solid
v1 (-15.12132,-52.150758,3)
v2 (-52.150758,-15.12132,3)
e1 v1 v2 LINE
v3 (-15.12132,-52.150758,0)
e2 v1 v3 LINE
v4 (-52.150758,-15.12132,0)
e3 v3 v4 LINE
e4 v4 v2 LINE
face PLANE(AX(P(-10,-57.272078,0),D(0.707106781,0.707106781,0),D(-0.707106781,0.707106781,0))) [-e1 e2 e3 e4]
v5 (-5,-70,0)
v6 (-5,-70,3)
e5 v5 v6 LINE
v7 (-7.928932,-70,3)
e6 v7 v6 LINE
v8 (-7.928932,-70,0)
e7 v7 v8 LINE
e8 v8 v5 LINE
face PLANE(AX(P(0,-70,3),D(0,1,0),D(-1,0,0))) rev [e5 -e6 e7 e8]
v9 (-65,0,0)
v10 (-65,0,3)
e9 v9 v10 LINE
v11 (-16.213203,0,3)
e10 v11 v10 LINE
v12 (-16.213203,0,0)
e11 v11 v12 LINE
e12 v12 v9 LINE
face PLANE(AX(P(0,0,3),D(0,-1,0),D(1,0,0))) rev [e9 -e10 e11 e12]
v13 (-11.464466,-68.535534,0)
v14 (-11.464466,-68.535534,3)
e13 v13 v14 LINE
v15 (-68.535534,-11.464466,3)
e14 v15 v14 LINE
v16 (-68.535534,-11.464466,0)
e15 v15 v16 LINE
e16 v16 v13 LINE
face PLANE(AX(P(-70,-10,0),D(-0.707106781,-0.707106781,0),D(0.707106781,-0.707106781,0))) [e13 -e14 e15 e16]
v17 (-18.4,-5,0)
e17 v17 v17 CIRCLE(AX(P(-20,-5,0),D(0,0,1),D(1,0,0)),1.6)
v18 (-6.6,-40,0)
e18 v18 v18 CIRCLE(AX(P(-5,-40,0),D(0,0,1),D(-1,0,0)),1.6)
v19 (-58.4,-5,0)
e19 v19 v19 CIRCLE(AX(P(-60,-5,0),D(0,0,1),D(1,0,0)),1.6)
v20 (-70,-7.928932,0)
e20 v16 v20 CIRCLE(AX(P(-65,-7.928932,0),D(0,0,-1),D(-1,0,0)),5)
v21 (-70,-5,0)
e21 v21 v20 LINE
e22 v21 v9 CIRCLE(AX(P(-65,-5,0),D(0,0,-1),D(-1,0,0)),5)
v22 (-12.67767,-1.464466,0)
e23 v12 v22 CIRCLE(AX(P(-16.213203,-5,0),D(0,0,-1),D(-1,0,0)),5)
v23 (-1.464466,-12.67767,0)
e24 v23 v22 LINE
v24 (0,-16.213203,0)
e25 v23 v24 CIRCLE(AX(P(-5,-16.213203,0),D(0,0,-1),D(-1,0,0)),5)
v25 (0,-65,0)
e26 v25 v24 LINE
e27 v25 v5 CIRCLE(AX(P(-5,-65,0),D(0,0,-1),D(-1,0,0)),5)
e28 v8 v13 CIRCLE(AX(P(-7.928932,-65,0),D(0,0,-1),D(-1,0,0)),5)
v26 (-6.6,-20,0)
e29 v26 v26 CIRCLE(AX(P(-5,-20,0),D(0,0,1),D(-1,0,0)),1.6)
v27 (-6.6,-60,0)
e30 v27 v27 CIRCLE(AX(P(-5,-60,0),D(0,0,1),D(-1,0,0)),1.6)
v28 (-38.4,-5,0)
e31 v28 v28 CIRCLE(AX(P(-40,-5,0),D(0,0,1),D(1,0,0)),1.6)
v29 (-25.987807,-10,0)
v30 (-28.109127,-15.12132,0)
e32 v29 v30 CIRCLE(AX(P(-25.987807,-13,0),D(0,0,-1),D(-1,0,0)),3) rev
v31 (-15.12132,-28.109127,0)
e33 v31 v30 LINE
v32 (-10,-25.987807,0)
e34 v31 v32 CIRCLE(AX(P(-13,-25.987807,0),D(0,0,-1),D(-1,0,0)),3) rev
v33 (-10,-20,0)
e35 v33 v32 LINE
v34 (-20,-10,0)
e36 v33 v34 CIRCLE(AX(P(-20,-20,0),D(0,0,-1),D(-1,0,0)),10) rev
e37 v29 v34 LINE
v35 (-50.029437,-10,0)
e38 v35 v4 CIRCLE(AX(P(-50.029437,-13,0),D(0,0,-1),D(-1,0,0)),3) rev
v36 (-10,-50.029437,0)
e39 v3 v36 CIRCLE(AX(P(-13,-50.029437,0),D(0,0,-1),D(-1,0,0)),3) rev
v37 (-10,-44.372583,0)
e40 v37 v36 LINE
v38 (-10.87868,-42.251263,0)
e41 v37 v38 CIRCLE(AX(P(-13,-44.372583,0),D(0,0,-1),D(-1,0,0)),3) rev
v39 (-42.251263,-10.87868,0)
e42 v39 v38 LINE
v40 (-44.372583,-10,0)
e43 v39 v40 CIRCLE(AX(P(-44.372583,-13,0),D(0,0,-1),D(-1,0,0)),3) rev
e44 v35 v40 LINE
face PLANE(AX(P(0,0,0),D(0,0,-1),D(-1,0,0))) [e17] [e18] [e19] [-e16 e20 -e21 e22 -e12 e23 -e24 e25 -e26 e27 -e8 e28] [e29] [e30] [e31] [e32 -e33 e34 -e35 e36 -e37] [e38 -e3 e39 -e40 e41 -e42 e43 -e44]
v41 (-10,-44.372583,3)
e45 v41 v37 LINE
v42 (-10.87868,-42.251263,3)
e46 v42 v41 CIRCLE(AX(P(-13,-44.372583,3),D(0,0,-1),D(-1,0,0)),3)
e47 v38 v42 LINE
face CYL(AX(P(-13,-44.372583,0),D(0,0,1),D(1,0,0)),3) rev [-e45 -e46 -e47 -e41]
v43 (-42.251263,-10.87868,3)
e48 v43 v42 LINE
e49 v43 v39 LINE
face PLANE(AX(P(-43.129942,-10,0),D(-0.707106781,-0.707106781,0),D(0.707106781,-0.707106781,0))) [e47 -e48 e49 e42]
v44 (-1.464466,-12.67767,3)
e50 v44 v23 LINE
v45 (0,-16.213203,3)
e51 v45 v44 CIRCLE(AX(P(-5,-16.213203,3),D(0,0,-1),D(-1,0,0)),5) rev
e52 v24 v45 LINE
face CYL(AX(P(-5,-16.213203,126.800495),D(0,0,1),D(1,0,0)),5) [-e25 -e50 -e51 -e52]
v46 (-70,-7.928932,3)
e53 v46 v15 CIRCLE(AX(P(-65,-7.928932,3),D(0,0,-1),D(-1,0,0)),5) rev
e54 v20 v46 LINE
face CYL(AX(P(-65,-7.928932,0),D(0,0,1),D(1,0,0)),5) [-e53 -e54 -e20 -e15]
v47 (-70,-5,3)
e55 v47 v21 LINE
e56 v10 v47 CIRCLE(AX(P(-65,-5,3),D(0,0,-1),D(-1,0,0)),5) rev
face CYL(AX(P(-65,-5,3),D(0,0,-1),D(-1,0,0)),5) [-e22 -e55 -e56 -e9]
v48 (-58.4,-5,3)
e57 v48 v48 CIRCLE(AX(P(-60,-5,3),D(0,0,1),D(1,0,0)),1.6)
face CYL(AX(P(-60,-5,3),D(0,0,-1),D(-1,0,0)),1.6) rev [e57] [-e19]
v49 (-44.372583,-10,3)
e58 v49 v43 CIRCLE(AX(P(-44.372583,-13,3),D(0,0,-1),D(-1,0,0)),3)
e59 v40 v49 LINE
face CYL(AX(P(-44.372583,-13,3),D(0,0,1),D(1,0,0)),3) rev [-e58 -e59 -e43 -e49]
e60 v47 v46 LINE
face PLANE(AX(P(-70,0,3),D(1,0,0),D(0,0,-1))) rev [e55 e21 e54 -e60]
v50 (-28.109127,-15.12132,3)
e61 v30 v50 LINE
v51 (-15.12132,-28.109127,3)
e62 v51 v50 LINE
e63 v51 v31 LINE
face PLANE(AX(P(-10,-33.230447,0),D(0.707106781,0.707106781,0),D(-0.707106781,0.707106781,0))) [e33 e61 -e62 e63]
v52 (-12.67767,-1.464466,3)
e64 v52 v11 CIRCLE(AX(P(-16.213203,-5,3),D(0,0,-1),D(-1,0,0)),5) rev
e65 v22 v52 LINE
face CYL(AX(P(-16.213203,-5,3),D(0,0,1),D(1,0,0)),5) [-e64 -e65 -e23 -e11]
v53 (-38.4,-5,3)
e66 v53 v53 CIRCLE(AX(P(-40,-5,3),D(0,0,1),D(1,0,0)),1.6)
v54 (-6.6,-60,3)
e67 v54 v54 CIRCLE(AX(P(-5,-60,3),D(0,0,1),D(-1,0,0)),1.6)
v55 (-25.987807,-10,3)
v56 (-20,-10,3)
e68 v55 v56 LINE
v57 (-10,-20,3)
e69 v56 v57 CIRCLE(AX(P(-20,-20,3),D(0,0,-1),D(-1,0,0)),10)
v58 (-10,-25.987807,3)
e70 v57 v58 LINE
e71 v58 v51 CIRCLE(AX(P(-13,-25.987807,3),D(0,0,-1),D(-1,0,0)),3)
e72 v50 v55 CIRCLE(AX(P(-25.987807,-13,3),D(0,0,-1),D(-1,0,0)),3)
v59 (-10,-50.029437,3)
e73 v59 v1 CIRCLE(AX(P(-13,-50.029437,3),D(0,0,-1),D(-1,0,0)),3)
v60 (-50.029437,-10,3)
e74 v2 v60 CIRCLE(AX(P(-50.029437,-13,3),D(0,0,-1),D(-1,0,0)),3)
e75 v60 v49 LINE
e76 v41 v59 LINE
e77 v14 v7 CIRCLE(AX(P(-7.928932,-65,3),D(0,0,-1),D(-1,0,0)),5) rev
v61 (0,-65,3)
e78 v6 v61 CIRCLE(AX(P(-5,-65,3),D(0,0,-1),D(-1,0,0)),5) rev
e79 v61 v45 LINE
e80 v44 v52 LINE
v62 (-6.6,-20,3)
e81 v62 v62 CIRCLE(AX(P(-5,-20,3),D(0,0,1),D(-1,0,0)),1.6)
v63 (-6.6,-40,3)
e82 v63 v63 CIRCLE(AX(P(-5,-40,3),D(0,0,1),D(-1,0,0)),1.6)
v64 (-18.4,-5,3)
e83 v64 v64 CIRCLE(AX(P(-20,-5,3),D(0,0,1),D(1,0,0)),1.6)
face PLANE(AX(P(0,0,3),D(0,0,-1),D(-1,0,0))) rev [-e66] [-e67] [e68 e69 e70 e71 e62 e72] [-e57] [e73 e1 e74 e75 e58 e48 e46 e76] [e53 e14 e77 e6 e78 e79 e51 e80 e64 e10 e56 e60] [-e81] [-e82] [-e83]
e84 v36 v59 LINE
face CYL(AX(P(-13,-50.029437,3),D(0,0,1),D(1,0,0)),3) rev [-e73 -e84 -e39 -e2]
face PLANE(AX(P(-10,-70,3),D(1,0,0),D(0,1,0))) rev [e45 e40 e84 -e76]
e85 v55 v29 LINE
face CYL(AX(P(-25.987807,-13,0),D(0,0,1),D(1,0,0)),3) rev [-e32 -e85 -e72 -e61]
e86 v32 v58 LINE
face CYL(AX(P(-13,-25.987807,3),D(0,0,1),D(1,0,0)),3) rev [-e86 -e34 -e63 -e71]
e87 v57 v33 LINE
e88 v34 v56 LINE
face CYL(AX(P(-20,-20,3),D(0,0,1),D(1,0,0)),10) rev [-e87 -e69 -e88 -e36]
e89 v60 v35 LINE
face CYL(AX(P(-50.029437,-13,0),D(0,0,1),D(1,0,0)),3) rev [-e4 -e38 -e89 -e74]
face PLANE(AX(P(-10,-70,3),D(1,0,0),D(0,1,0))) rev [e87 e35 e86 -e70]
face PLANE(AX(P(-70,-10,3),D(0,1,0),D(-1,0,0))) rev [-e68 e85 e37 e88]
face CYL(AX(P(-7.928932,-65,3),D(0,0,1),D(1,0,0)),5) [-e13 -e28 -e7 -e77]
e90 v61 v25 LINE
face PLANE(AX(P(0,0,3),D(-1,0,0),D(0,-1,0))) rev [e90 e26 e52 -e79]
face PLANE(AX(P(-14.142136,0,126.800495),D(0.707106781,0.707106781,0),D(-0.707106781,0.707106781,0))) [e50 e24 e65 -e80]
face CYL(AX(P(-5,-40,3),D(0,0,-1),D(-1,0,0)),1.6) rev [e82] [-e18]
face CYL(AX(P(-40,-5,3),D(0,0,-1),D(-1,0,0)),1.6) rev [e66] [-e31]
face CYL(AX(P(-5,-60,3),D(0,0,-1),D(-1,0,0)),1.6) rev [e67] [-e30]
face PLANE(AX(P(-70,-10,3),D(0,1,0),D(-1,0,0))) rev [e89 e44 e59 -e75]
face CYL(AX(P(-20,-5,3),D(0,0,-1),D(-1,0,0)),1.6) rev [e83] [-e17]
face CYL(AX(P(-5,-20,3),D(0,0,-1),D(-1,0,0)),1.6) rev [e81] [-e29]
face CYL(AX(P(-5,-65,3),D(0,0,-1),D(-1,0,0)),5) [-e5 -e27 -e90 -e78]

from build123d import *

# Parameters (mm, degrees)
SKETCH_1_R               = 1.6
EXTRUDE_1_DEPTH          = 3
EXTRUDE_2_DEPTH          = 3
CUT_EXTRUDE_1_DEPTH      = 100.040395799
CUT_EXTRUDE_1_DEPTH_BACK = 3
FILLET_1_R               = 5
EXTRUDE_3_DEPTH          = 3
FILLET_2_R               = 3
FILLET_3_R               = 10


with BuildPart() as part:
    # 草图1 → 凸台-拉伸1 (new body)
    with BuildSketch(Plane.XY):
        Polygon((0, 0), (-70, 0), (-70, -10), (-10, -10), (-10, -70), (0, -70), align=None)
        with Locations((-20, -5)):
            Circle(SKETCH_1_R, mode=Mode.SUBTRACT)
        with Locations(Location((-5, -20, 0), (0, 0, 180))):
            Circle(SKETCH_1_R, mode=Mode.SUBTRACT)
        with Locations((-40, -5)):
            Circle(SKETCH_1_R, mode=Mode.SUBTRACT)
        with Locations((-60, -5)):
            Circle(SKETCH_1_R, mode=Mode.SUBTRACT)
        with Locations(Location((-5, -60, 0), (0, 0, 180))):
            Circle(SKETCH_1_R, mode=Mode.SUBTRACT)
        with Locations(Location((-5, -40, 0), (0, 0, 180))):
            Circle(SKETCH_1_R, mode=Mode.SUBTRACT)
    extrude(amount=EXTRUDE_1_DEPTH)

    # 草图2 → 凸台-拉伸2 (add)
    with BuildSketch(Plane.XY.offset(3)):
        Polygon((-70, -10), (-10, -70), (-10, -57.272077939), (-57.272077939, -10), align=None)
    extrude(amount=-EXTRUDE_2_DEPTH)

    # 草图3 → 切除-拉伸1 (cut, two sides: drawn at the far end of the back side and taken through both)
    with BuildSketch(Plane.XY.offset(3).offset(-CUT_EXTRUDE_1_DEPTH_BACK)):
        Polygon((-147.863122604, 133.72098698), (-14.142135624, 0), (0, -14.142135624), (133.72098698, -147.863122604), (401.162960941, 119.578851357), (119.578851357, 401.162960941), align=None)
    extrude(amount=CUT_EXTRUDE_1_DEPTH + CUT_EXTRUDE_1_DEPTH_BACK, mode=Mode.SUBTRACT)

    # 圆角1
    fillet_1_edges = [part.edges().sort_by_distance(p)[0] for p in [
        (0, -70, 1.5),
        (-10, -70, 1.5),
        (-70, -10, 1.5),
        (-70, 0, 1.5),
        (-14.142135624, 0, 1.5),
        (0, -14.142135624, 1.5),
    ]]
    fillet(fillet_1_edges, radius=FILLET_1_R)

    # 草图4 → 凸台-拉伸3 (add, through all)
    with BuildSketch(Plane.XY.offset(3)):
        Polygon((-43.129942315, -10), (-10, -43.129942315), (-10, -33.230447378), (-33.230447378, -10), align=None)
    extrude(amount=-EXTRUDE_3_DEPTH)

    # 圆角2
    fillet_2_edges = [part.edges().sort_by_distance(p)[0] for p in [
        (-43.129942315, -10, 1.5),
        (-33.230447378, -10, 1.5),
        (-10, -33.230447378, 1.5),
        (-10, -43.129942315, 1.5),
        (-57.272077939, -10, 1.5),
        (-10, -57.272077939, 1.5),
    ]]
    fillet(fillet_2_edges, radius=FILLET_2_R)

    # 圆角3
    fillet_3_edges = [part.edges().sort_by_distance(p)[0] for p in [
        (-10, -10, 1.5),
    ]]
    fillet(fillet_3_edges, radius=FILLET_3_R)


solid = part.part
